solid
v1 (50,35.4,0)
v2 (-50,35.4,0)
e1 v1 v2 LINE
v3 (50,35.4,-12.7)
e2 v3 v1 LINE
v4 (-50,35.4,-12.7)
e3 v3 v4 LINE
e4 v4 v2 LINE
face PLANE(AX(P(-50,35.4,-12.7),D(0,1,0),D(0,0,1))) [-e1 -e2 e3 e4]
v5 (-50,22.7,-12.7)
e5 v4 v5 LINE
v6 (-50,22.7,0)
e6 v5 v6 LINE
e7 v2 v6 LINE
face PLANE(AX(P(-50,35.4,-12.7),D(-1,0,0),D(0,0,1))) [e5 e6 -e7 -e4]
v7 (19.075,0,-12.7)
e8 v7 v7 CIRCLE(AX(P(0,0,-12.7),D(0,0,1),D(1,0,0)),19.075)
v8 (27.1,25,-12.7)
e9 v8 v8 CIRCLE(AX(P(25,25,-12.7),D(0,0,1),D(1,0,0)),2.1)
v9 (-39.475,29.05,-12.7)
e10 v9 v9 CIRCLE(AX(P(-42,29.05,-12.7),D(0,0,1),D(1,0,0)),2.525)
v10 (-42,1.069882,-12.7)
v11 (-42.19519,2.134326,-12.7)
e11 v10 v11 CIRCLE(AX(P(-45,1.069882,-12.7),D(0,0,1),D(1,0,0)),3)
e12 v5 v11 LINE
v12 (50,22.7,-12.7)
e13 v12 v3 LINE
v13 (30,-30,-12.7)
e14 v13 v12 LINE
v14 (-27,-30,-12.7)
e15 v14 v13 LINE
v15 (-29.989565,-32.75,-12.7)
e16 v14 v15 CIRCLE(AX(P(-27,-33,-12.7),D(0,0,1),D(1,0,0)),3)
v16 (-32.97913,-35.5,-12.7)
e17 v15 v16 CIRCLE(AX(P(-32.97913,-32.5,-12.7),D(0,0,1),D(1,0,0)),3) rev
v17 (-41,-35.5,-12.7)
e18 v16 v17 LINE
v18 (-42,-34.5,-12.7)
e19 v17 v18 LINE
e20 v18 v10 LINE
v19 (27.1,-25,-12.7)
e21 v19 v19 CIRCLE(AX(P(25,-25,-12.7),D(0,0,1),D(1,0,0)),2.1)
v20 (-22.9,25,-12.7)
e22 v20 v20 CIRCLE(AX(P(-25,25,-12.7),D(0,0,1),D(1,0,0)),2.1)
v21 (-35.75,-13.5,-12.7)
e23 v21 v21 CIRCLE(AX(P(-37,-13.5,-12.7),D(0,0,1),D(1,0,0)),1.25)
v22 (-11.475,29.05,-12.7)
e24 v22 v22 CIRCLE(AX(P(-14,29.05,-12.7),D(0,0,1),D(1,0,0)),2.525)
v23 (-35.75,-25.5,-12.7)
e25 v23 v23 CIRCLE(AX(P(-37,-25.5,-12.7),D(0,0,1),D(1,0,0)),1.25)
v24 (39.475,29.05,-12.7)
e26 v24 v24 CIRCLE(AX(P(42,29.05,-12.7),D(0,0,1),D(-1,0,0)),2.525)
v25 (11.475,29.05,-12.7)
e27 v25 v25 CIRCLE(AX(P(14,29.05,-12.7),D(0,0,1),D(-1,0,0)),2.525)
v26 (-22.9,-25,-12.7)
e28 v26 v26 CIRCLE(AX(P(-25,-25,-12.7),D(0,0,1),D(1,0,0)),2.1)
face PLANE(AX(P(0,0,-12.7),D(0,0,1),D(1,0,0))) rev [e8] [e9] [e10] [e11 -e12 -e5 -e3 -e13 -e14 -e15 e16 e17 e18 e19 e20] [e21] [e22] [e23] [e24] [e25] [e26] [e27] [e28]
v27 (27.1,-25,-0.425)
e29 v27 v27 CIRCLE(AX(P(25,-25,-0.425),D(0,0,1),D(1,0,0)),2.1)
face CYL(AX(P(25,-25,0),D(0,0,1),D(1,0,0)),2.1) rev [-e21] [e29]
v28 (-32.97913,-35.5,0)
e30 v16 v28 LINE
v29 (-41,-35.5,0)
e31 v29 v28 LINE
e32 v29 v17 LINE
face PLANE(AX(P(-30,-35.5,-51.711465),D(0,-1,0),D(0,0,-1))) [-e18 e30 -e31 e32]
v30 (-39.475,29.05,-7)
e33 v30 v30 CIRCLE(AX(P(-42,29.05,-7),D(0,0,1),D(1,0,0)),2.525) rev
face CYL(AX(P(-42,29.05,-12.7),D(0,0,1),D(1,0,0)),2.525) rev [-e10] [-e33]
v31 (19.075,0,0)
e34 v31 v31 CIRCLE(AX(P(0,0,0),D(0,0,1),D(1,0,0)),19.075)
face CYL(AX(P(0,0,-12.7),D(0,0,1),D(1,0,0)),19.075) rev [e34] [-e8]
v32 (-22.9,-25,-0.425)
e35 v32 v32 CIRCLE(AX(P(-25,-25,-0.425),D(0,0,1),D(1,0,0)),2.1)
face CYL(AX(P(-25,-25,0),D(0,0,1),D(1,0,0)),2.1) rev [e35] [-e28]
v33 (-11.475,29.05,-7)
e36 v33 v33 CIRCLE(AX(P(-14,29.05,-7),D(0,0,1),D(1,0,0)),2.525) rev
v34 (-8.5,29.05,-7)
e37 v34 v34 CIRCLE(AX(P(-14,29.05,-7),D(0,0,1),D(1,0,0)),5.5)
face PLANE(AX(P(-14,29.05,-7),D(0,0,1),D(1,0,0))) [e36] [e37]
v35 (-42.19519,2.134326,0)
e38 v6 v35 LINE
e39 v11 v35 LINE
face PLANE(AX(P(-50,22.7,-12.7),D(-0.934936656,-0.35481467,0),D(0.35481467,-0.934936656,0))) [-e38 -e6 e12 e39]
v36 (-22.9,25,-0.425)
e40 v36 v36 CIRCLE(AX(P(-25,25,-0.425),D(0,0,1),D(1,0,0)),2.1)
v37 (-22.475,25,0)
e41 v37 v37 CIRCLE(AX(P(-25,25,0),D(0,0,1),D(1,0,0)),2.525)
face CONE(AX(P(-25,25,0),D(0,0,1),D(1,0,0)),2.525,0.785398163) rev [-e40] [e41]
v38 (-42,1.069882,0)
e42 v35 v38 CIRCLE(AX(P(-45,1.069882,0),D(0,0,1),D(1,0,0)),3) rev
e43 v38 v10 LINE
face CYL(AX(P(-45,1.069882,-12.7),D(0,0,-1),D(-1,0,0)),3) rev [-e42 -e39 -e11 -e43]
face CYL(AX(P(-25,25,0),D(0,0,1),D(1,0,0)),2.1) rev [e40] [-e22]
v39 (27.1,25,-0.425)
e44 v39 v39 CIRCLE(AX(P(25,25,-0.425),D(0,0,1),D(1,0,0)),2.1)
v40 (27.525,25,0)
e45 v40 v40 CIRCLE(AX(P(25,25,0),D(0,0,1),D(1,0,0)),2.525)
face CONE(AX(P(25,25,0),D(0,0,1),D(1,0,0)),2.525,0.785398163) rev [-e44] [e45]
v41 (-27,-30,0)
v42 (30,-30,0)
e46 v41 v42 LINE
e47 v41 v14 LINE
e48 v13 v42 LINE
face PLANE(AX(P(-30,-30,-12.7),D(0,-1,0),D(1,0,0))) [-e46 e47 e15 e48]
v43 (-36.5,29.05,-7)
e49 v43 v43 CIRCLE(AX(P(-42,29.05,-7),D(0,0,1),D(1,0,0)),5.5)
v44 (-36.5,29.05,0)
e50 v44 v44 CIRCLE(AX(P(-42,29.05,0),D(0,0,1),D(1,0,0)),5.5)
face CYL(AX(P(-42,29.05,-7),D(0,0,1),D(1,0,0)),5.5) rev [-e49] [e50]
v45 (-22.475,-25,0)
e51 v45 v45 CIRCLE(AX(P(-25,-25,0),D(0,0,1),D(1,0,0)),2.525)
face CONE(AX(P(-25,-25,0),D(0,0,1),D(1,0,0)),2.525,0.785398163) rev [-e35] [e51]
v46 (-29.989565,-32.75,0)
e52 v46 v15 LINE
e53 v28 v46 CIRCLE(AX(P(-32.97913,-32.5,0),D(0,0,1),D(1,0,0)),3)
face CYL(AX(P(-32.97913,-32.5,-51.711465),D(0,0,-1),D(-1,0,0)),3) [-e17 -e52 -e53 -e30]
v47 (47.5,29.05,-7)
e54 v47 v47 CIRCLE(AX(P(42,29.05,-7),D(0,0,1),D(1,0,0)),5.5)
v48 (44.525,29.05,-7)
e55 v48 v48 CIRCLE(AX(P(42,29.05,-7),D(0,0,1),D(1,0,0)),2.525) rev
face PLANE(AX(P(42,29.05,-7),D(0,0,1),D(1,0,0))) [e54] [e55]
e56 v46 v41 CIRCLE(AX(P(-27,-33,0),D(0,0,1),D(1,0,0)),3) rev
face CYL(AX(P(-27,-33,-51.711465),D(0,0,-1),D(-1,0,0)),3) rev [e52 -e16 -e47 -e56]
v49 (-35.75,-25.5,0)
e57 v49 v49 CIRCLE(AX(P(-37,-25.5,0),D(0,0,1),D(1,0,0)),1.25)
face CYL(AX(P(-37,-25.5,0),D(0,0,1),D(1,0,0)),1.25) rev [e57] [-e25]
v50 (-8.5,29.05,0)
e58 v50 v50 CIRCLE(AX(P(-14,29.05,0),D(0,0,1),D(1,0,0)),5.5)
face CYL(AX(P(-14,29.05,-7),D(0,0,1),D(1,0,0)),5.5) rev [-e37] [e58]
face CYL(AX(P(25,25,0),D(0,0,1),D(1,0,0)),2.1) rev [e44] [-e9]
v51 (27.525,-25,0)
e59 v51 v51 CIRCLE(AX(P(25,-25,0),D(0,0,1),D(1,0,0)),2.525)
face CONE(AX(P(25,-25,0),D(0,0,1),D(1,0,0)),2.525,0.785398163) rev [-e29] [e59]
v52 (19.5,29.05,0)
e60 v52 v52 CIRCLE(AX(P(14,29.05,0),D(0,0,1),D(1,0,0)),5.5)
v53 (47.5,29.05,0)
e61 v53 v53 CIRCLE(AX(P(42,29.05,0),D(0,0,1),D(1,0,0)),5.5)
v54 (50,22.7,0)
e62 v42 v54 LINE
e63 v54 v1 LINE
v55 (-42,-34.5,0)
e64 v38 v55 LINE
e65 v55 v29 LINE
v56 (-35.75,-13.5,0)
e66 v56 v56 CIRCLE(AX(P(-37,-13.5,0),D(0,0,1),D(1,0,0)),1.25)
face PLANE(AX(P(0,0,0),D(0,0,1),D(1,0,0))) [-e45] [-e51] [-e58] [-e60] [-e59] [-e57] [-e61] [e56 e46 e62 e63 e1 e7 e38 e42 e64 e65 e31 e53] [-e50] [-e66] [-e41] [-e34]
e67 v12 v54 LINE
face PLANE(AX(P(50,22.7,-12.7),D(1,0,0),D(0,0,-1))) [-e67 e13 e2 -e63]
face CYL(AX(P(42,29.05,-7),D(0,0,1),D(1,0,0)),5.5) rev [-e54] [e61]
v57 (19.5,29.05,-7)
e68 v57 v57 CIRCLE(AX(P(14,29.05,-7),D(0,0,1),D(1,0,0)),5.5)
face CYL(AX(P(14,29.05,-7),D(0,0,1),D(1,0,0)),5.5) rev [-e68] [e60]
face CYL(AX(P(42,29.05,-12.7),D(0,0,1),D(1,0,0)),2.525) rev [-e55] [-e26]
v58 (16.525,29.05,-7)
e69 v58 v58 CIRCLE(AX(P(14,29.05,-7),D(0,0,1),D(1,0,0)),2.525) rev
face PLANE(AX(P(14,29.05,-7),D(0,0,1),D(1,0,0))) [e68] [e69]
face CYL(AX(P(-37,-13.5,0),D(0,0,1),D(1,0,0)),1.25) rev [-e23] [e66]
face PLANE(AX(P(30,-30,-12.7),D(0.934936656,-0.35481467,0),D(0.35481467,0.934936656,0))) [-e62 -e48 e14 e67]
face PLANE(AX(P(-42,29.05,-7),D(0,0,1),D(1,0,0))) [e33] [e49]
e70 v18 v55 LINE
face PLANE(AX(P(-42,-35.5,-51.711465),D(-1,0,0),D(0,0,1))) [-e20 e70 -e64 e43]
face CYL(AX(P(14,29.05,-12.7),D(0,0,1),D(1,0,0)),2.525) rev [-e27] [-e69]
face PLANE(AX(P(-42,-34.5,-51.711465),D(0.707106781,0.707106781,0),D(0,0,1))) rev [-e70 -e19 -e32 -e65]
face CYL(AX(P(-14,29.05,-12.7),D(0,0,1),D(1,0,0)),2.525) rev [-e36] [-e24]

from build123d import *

# Parameters (mm, degrees)
SKETCH3_R                       = 19.075
SKETCH3_R_2                     = 2.525
BOSS_EXTRUDE1_DEPTH             = 12.7
M5X0_8_TAPPED_HOLE1_D           = 4.2
M5X0_8_TAPPED_HOLE1_CSINK_D     = 5.05
M5X0_8_TAPPED_HOLE1_CSINK_ANGLE = 90
SKETCH8_R                       = 5.5
CUT_EXTRUDE1_DEPTH              = 7
BOSS_EXTRUDE2_DEPTH             = 12.7
FILLET1_R                       = 3
FILLET2_R                       = 3
CHAMFER1_SIZE                   = 1
M3X0_5_TAPPED_HOLE2_D           = 2.5


with BuildPart() as part:
    # Sketch3 → Boss-Extrude1 (new body)
    with BuildSketch(Plane.XY):
        Polygon((-50, 35.4), (50, 35.4), (50, 22.7), (30, -30), (-30, -30), (-50, 22.7), align=None)
        Circle(SKETCH3_R, mode=Mode.SUBTRACT)
        with Locations((-42, 29.05)):
            Circle(SKETCH3_R_2, mode=Mode.SUBTRACT)
        with Locations(Location((42, 29.05, 0), (0, 0, 180))):
            Circle(SKETCH3_R_2, mode=Mode.SUBTRACT)
        with Locations((-14, 29.05)):
            Circle(SKETCH3_R_2, mode=Mode.SUBTRACT)
        with Locations(Location((14, 29.05, 0), (0, 0, 180))):
            Circle(SKETCH3_R_2, mode=Mode.SUBTRACT)
    extrude(amount=-BOSS_EXTRUDE1_DEPTH)

    # M5x0.8 Tapped Hole1 (through all)
    with Locations(Plane.XY):
        with Locations((-25, 25), (25, 25), (25, -25), (-25, -25)):
            CounterSinkHole(M5X0_8_TAPPED_HOLE1_D / 2, M5X0_8_TAPPED_HOLE1_CSINK_D / 2, counter_sink_angle=M5X0_8_TAPPED_HOLE1_CSINK_ANGLE)

    # Sketch8 → Cut-Extrude1 (cut)
    with BuildSketch(Plane.XY):
        with Locations((-42, 29.05)):
            Circle(SKETCH8_R)
        with Locations((-14, 29.05)):
            Circle(SKETCH8_R)
        with Locations((14, 29.05)):
            Circle(SKETCH8_R)
        with Locations((42, 29.05)):
            Circle(SKETCH8_R)
    extrude(amount=-CUT_EXTRUDE1_DEPTH, mode=Mode.SUBTRACT)

    # Sketch9 → Boss-Extrude2 (add)
    with BuildSketch(Plane.XY):
        Polygon((-30, -30), (-30, -35.5), (-42, -35.5), (-42, 1.62), align=None)
    extrude(amount=-BOSS_EXTRUDE2_DEPTH)

    # Fillet1
    fillet1_edges = [part.edges().sort_by_distance(p)[0] for p in [
        (-30, -30, -6.35),
        (-42, 1.62, -6.35),
    ]]
    fillet(fillet1_edges, radius=FILLET1_R)

    # Fillet2
    fillet2_edges = [part.edges().sort_by_distance(p)[0] for p in [
        (-30, -35.5, -6.35),
    ]]
    fillet(fillet2_edges, radius=FILLET2_R)

    # Chamfer1
    chamfer1_edges = [part.edges().sort_by_distance(p)[0] for p in [
        (-42, -35.5, -6.35),
    ]]
    chamfer(chamfer1_edges, length=CHAMFER1_SIZE)

    # M3x0.5 Tapped Hole2 (through all)
    with Locations(Plane.XY):
        with Locations((-37, -13.5), (-37, -25.5)):
            Hole(M3X0_5_TAPPED_HOLE2_D / 2)


solid = part.part
